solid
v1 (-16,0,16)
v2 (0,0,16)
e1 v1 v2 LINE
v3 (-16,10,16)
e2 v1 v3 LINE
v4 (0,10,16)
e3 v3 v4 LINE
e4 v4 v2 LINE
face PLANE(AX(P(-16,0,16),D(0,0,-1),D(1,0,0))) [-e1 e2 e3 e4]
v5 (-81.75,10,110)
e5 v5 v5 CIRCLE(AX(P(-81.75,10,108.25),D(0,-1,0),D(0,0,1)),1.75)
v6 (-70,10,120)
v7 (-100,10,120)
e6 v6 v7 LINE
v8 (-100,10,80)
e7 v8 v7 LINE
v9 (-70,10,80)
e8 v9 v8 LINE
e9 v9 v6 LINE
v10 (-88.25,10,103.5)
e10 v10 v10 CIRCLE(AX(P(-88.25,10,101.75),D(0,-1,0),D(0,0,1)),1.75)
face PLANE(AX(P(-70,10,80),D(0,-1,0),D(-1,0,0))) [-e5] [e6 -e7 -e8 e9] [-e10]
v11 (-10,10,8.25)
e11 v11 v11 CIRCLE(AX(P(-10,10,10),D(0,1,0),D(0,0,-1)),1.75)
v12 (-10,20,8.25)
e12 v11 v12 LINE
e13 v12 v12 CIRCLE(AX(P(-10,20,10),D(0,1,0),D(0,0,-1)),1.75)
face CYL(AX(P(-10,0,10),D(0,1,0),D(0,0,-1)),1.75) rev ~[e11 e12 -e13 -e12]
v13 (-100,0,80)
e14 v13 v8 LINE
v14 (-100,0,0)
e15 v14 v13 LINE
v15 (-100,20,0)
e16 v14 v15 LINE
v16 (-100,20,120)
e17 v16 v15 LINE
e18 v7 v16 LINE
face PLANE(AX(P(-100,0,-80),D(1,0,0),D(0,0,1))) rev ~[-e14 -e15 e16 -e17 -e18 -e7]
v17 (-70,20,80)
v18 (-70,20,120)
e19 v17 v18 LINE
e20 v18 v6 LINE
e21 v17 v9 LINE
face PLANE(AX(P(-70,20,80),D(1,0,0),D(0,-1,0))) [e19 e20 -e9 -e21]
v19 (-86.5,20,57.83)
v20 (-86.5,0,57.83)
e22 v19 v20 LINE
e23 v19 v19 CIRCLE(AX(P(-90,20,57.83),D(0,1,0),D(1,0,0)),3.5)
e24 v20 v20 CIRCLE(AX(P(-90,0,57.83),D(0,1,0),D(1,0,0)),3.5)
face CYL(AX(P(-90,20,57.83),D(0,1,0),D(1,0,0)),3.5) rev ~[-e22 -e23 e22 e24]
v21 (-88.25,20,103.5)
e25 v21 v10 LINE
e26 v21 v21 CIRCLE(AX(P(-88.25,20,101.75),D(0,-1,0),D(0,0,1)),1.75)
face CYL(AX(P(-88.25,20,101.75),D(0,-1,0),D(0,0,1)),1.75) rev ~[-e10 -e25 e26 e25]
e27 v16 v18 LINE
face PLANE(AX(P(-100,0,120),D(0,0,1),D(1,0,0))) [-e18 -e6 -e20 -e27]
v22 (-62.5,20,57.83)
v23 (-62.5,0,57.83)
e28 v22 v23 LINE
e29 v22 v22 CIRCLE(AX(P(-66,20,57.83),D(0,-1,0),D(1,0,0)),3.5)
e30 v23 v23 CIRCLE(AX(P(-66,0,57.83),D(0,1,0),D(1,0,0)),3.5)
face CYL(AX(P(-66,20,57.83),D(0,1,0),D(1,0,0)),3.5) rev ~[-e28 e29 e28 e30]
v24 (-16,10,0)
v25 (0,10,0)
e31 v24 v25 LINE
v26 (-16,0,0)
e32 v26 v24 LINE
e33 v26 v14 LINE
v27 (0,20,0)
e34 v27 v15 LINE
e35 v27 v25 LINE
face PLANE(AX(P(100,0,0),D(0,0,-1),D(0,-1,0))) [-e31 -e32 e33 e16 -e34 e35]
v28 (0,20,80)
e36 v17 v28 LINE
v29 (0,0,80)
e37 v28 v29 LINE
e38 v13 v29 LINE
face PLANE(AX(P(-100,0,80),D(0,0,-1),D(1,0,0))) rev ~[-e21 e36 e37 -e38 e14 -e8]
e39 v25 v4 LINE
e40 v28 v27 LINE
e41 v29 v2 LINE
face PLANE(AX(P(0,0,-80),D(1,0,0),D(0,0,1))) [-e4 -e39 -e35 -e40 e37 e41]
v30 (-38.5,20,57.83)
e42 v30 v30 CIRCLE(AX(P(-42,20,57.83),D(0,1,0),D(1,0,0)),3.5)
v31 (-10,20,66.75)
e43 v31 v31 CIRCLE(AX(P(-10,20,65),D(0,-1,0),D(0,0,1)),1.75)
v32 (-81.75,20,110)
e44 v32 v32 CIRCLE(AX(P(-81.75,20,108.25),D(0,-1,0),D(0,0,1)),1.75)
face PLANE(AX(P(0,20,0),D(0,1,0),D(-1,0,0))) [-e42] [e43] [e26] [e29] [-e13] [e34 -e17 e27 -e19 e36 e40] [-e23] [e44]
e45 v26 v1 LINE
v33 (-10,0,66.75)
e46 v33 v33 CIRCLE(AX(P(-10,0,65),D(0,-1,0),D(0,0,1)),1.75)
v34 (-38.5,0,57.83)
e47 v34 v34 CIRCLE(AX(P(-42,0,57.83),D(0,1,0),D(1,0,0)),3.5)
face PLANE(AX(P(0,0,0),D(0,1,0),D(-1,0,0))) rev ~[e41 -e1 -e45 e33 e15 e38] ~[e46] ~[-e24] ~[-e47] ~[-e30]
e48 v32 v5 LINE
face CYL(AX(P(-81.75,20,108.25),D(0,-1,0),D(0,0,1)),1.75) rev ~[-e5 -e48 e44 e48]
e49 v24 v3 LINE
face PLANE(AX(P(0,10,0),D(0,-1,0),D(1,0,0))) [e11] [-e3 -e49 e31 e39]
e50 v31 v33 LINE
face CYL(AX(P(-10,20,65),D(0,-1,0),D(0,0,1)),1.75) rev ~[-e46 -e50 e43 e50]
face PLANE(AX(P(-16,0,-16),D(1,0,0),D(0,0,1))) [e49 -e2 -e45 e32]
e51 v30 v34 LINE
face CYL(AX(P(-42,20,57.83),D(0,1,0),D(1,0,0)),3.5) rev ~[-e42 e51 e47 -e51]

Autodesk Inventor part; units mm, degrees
ref_plane "YZ Plane" through (0, 0, 0) normal (1, 0, 0) x (0, 1, 0)
ref_plane "XZ Plane" through (0, 0, 0) normal (0, 1, 0) x (-1, 0, 0)
ref_plane "XY Plane" through (0, 0, 0) normal (0, 0, 1) x (1, 0, 0)
sketch "Boceto1" plane through (0, 0, 0) normal (0, 1, 0) x (-1, 0, 0)
  line L0 (100, 80) -> (-100, 80)
  line L1 (-100, 80) -> (-100, -80)
  line L2 (-100, -80) -> (100, -80)
  line L3 (100, -80) -> (100, 80)
  line L4 (100, 80) -> (-100, -80) construction
  line L5 (-100, 80) -> (100, -80) construction
  point P0 (0, 0)
  dimension "d0" = 200
  dimension "d1" = 160
extrude "Extrusión1" add sketch "Boceto1" along normal blind 20
sketch "Boceto2" plane through (0, 20, 0) normal (0, 1, 0) x (1, 0, 0)
  circle A0 centre (-90, -57.83) radius 3.5
  line L0 (-100, -65.43) -> (-32, -65.43)
  line L1 (-32, -65.43) -> (-32, 14.57)
  line L2 (-32, 14.57) -> (-100, 14.57)
  line L3 (-100, 14.57) -> (-100, -65.43)
  line L4 (-66, -65.43) -> (-66, -8.508)
  circle A1 centre (-66, -57.83) radius 3.5
  circle A2 centre (-42, -57.83) radius 3.5
  line L5 (-32, -25.43) -> (-48.2072, -25.43)
  circle A3 centre (-42, 6.97) radius 3.5
  circle A4 centre (-66, 6.97) radius 3.5
  circle A5 centre (-90, 6.97) radius 3.5
  circle A6 centre (-60, 55) radius 5
  line L6 (-100, 80) -> (-100, -80) projected
  line L7 (0, 0) -> (0, -20.5185)
  circle A7 centre (90, -57.83) radius 3.5
  circle A8 centre (66, -57.83) radius 3.5
  circle A9 centre (42, -57.83) radius 3.5
  line L8 (100, -65.43) -> (32, -65.43)
  line L9 (66, -65.43) -> (66, -8.508)
  line L10 (32, -25.43) -> (48.2072, -25.43)
  circle A10 centre (90, 6.97) radius 3.5
  line L11 (100, 14.57) -> (100, -65.43)
  circle A11 centre (66, 6.97) radius 3.5
  line L12 (32, 14.57) -> (100, 14.57)
  line L13 (32, -65.43) -> (32, 14.57)
  circle A12 centre (42, 6.97) radius 3.5
  circle A13 centre (60, 55) radius 5
  line L14 (100, 80) -> (100, -80)
  dimension "d4" = 7
  dimension "d5" = 68
  dimension "d6" = 80
  dimension "d7" = 7.6
  dimension "d8" = 10
  dimension "d9" = 7
  dimension "d10" = 24
  dimension "d11" = 10
  dimension "d16" = 0
  dimension "d19" = 40
extrude "Extrusión2" cut sketch "Boceto2" against normal blind 20 contours A0 | A1 L4 | L4 A1 | A2 | A3 | A4 | A5 | A7 | A8 L9 | L9 A8 | A9 | A10 | A11 | A12
sketch "Boceto3" plane through (-100, 0, 80) normal (0, 0, 1) x (1, 0, 0)
  line L0 (0, 20) -> (30, 20)
  line L1 (30, 20) -> (30, 10)
  line L2 (30, 10) -> (0, 10)
  line L3 (0, 10) -> (0, 20)
  line L4 (100, 0) -> (100, 11.6249)
  line L5 (200, 20) -> (170, 20)
  line L6 (170, 20) -> (170, 10)
  line L7 (170, 10) -> (200, 10)
  line L8 (200, 10) -> (200, 20)
  dimension "d22" = 30
  dimension "d23" = 10
extrude "Extrusión3" add sketch "Boceto3" along normal blind 40
sketch "Boceto4" plane through (0, 20, 0) normal (0, 1, 0) x (1, 0, 0)
  line L0 (-60, 60) -> (-60, 50)
  line L1 (-70, 50) -> (-70, 60)
  line L2 (-60, 50) -> (-70, 60) construction
  line L3 (-70, 50) -> (-60, 60) construction
  line L4 (-60, 50) -> (-70, 50)
  circle A0 centre (-68.25, 51.75) radius 1.75
  line L5 (-70, 60) -> (-60, 60)
  circle A1 centre (-61.75, 58.25) radius 1.75
  line L6 (100, 80) -> (-100, 80) projected
  line L7 (0, 80) -> (0, 60)
  line L8 (60, 60) -> (60, 50)
  circle A2 centre (61.75, 58.25) radius 1.75
  line L9 (70, 60) -> (60, 60)
  line L10 (70, 50) -> (70, 60)
  line L11 (60, 50) -> (70, 60) construction
  line L12 (70, 50) -> (60, 60) construction
  line L13 (60, 50) -> (70, 50)
  circle A3 centre (68.25, 51.75) radius 1.75
  line L14 (-100, 80) -> (-100, -120) projected
  line L15 (100, 80) -> (100, -120) projected
  point P0 (0, 0)
  point P1 (-70.0286, 64.971)
  point P2 (-65, 50)
  point P3 (70.0286, 64.971)
  point P4 (65, 50)
  dimension "d26" = 1.75
  dimension "d27" = 8.25
  dimension "d28" = 20
  dimension "d29" = 10
  dimension "d30" = 10
  dimension "d31" = 1.75
  dimension "d32" = 1.75
  dimension "d33" = 1.75
  dimension "d58" = 30
  dimension "d59" = 30
extrude "Extrusión4" cut sketch "Boceto4" against normal blind 40 contours A1 | A0 | A2 | A3
sketch "Boceto5" plane through (0, 20, 0) normal (0, 1, 0) x (1, 0, 0)
  line L0 (-100, -80) -> (-100, -120)
  line L1 (-70.0001, -120) -> (-70.0001, -80)
  line L2 (-55.1959, -79.9497) -> (-70.0001, -80)
  line L3 (-70.0001, -80) -> (-100, -80)
  line L4 (-100, -120) -> (-70.0001, -120)
  line L5 (-64.3507, -80) -> (-74.3507, -80)
  circle A0 centre (-81.75, -108.25) radius 1.75
  circle A1 centre (-88.25, -101.75) radius 1.75
  line L6 (-70.0001, -80) -> (70.0001, -80)
  line L7 (0, -80) -> (0, -101.75)
  circle A2 centre (81.75, -108.25) radius 1.75
  circle A3 centre (88.25, -101.75) radius 1.75
  line L8 (-70, -80) -> (70, -80) projected
  line L9 (-100, 80) -> (-100, -120) projected
  point P0 (0, 0)
  point P1 (-81.75, -101.75)
  point P2 (-63.4459, -118.25)
  point P3 (81.75, -101.75)
  dimension "d36" = 11.7499
  dimension "d37" = 40
  dimension "d38" = 29.9999
  dimension "d39" = 21.75
  dimension "d40" = 11.75
  dimension "d41" = 28.3003
  dimension "d42" = 11.7499
  dimension "d43" = 0
  dimension "d44" = 0
hole "Agujero1" at (-88.25, 20, 101.75) at (-81.75, 20, 108.25) at (81.75, 20, 108.25) at (88.25, 20, 101.75) direction (0, -1, 0) diameter 3.5 end through all
ref_plane "Plano de trabajo1" through (100, 0, 0) normal (0, 0, -1) x (-1, 0, 0)
ref_plane "Plano de trabajo2" through (0, 0, -80) normal (-1, 0, 0) x (0, 0, 1)
sketch "Boceto6" plane through (0, 0, 0) normal (0, -1, 0) x (1, 0, 0)
  circle A0 centre (10, -10) radius 1.75
  line L0 (6.803, 0) -> (14.6069, 0)
  line L1 (0, 0) -> (0, -4.8284)
  line L2 (0, 0) -> (20.0354, 0)
  circle A1 centre (10, 10) radius 1.75
  line L3 (0, 0) -> (0, 4.8284)
  circle A2 centre (-10, 10) radius 1.75
  circle A3 centre (-10, -10) radius 1.75
  dimension "d63" = 3.5
  dimension "d64" = 10
  dimension "d65" = 10
hole "Agujero2" at (10, 0, 10) at (-10, 0, 10) at (-10, 0, -10) at (10, 0, -10) direction (0, 1, 0) diameter 3.5 end through all
sketch "Boceto7" plane through (0, 0, 0) normal (0, -1, 0) x (1, 0, 0)
  line L0 (-16, 16) -> (16, 16)
  line L1 (16, 16) -> (16, -16)
  line L2 (16, -16) -> (-16, -16)
  line L3 (-16, -16) -> (-16, 16)
  line L4 (-16, 16) -> (16, -16) construction
  line L5 (16, 16) -> (-16, -16) construction
  point P0 (0, 0)
  point P1 (0, 0)
  point P2 (0, 0)
  dimension "d73" = 32
  dimension "d74" = 32
extrude "Extrusión5" cut sketch "Boceto7" against normal blind 10
sketch "Boceto8" plane through (0, 20, 0) normal (0, 1, 0) x (1, 0, 0)
  line L0 (-15, -60) -> (15, -60)
  circle A0 centre (10, -65) radius 1.75
  line L1 (-10, -65) -> (10, -65)
  line L2 (15, -60) -> (15, -70)
  circle A1 centre (-10, -65) radius 1.75
  line L3 (-15, -70) -> (15, -60) construction
  line L4 (-15, -60) -> (15, -70) construction
  line L5 (-15, -70) -> (-15, -60)
  line L6 (15, -70) -> (-15, -70)
  point P0 (0, 0)
  point P1 (0, -69.1269)
  point P2 (-15, -67.1661)
  point P3 (0, -69.1269)
  point P4 (15, -65)
  dimension "d77" = 10
  dimension "d78" = 30
  dimension "d79" = 5
  dimension "d80" = 5
  dimension "d81" = 5
  dimension "d82" = 5
hole "Agujero3" at (-10, 20, 65) at (10, 20, 65) direction (0, -1, 0) diameter 3.5 end through all
split "Dividir1" plane through (100, 0, 0) removes the side toward (0, 0, -1)
split "Dividir2" plane through (0, 0, -80) removes the side toward (1, 0, 0)
properties part number "base_back_3"
